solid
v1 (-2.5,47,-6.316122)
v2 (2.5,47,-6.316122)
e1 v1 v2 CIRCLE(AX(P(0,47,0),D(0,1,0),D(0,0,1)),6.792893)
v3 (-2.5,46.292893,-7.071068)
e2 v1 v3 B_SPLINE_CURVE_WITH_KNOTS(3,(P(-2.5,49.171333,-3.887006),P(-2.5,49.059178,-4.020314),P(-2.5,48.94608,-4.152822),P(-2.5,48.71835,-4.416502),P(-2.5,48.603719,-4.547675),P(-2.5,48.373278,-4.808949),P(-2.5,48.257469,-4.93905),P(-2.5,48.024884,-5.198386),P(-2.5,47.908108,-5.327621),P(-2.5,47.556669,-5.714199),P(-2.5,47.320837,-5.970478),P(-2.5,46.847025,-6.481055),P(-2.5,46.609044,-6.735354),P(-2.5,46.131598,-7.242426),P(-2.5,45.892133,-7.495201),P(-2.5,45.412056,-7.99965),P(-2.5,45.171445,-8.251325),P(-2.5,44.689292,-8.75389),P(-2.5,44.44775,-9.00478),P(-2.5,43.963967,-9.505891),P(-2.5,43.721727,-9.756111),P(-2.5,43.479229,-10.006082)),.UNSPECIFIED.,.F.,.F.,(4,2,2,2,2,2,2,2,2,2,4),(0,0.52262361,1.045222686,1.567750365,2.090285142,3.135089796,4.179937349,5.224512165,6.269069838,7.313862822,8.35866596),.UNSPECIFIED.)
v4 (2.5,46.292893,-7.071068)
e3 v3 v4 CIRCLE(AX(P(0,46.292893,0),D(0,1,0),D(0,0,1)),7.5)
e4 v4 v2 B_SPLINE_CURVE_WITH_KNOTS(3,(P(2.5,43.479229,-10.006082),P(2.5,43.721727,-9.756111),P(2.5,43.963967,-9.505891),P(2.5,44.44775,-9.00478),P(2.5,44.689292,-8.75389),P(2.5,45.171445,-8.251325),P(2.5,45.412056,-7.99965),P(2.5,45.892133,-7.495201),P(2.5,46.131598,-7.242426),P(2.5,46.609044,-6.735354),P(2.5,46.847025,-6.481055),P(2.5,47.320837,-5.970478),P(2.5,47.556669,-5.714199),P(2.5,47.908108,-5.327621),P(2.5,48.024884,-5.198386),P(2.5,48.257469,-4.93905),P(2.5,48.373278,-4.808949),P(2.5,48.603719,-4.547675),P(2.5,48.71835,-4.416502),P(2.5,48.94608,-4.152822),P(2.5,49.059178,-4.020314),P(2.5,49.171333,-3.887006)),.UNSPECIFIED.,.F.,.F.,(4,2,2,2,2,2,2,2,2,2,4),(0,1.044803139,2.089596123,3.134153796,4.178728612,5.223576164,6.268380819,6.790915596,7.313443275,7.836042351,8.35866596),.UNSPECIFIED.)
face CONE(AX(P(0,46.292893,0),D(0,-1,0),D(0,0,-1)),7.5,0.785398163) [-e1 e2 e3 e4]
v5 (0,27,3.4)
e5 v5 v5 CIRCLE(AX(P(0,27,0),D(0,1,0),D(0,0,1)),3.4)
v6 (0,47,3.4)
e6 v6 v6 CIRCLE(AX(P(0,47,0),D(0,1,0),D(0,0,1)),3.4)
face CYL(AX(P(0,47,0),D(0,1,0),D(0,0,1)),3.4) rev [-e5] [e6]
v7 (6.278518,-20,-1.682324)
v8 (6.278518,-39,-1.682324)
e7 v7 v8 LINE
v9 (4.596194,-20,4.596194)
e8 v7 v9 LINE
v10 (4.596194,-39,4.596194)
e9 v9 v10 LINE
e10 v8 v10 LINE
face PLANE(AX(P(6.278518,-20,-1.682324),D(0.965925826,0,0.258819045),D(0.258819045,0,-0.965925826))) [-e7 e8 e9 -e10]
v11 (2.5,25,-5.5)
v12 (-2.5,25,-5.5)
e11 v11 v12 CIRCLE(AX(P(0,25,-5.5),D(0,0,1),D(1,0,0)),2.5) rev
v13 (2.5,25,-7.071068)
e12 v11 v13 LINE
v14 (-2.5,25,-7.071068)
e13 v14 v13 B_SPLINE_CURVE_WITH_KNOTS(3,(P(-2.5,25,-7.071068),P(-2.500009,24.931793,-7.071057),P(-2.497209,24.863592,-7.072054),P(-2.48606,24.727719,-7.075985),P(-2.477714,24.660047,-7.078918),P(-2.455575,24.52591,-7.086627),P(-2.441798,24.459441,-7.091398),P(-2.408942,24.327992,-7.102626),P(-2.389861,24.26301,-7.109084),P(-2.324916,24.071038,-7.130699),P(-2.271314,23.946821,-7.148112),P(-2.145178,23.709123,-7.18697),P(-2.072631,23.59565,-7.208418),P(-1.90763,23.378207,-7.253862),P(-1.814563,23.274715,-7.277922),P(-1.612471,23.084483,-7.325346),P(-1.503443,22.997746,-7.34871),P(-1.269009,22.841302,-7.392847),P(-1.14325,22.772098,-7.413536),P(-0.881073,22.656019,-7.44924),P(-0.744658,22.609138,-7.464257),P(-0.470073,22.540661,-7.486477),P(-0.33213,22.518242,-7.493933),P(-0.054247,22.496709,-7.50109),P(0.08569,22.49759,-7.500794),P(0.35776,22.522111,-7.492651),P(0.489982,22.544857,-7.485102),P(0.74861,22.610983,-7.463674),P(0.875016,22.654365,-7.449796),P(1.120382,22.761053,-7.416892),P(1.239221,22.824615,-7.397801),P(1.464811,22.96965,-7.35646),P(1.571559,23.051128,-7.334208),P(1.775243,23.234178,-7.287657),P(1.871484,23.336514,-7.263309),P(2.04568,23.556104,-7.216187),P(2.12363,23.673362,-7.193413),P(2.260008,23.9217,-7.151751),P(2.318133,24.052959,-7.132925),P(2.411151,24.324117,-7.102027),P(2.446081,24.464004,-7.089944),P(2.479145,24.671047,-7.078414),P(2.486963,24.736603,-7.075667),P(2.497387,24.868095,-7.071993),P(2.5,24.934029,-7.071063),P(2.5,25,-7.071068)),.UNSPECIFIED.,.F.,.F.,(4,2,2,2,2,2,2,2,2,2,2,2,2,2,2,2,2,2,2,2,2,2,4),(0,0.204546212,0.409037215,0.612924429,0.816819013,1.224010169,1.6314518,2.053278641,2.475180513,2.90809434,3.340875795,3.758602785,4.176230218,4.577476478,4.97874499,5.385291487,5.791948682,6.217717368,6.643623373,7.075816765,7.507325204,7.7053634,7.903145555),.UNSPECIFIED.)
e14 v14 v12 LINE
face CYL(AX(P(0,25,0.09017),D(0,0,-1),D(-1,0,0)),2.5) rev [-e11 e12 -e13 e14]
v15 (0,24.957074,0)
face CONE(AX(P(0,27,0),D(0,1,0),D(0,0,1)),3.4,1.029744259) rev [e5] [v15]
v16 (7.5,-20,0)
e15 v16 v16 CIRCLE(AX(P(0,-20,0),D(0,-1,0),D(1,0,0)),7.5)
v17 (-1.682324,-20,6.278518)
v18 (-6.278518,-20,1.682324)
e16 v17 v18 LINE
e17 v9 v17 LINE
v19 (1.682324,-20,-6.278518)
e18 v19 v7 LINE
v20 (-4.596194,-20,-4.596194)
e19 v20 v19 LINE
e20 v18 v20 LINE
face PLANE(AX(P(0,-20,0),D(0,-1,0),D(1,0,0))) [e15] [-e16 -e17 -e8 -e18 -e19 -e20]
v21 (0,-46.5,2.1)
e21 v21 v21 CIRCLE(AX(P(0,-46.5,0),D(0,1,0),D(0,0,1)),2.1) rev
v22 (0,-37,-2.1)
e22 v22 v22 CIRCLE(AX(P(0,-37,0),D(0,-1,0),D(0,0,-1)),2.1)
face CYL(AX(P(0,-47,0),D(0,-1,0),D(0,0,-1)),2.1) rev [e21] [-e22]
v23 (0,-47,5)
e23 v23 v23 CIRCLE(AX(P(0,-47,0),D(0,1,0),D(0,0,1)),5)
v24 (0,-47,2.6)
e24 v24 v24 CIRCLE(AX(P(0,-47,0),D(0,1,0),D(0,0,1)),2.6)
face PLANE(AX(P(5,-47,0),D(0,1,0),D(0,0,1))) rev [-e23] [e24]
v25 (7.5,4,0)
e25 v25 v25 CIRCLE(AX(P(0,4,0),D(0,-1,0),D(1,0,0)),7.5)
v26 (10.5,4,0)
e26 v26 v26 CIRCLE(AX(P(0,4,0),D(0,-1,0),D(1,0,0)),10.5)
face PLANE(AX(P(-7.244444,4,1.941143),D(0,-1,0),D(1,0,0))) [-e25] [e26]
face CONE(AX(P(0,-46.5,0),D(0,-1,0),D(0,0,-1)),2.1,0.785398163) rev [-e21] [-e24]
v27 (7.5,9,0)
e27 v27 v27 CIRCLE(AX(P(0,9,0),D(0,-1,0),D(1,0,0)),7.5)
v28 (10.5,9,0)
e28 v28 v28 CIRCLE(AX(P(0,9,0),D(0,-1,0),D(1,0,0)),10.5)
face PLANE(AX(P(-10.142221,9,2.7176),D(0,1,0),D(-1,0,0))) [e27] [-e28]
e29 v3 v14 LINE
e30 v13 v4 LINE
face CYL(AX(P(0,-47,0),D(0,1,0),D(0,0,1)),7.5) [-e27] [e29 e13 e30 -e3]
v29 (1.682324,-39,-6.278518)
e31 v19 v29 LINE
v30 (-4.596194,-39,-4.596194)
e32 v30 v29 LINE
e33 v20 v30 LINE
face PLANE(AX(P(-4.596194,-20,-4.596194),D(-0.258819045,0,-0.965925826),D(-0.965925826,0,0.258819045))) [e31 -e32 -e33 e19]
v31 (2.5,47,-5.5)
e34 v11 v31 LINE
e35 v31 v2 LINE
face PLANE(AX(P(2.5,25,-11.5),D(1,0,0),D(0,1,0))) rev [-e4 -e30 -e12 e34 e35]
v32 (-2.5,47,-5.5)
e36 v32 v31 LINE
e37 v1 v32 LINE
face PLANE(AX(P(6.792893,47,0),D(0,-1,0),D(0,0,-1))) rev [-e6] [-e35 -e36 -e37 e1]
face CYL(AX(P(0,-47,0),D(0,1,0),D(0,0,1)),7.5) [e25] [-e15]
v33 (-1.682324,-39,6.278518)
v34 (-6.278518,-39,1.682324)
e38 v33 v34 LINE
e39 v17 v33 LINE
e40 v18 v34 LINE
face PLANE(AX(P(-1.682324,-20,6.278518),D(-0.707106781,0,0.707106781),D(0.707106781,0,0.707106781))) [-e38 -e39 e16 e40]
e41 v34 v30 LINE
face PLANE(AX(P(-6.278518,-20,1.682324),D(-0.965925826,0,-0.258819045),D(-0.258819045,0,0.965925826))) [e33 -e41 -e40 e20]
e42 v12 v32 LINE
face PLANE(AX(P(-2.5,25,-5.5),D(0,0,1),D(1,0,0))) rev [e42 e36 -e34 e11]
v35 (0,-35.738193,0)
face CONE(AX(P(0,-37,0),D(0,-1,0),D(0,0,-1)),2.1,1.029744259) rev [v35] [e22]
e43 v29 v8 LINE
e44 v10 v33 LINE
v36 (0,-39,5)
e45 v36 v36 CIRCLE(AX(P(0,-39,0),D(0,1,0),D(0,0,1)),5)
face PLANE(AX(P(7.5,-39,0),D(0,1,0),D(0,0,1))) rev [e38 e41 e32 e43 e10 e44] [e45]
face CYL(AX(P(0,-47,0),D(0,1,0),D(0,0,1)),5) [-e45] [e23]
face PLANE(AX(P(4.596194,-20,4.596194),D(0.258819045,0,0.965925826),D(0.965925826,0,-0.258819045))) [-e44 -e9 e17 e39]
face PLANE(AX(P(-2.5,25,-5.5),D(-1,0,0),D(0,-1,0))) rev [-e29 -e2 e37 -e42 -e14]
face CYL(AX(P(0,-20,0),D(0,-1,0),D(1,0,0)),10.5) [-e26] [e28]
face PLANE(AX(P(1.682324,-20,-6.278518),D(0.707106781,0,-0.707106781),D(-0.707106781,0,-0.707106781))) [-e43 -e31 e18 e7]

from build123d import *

# Parameters (mm, degrees)
ESBO_O2_W                                      = 5
ESBO_O2_H                                      = 6
CORTE_EXTRUS_O1_DEPTH                          = 22
CORTE_EXTRUS_O2_DEPTH                          = 2
ESBO_O5_R                                      = 12.651043405
CORTE_EXTRUS_O8_DEPTH                          = 19
BROCA_DE_ROSQUEAR_PARA_TARRAXA_DE_M5X0_8_D     = 4.2
BROCA_DE_ROSQUEAR_PARA_TARRAXA_DE_M5X0_8_DEPTH = 10
BROCA_DE_ROSQUEAR_PARA_TARRAXA_DE_M5X0_8_TIP   = 1.2618073
CHANFRO1_SIZE                                  = 0.5
ESBO_O10_W                                     = 3
ESBO_O10_H                                     = 5
BROCA_DE_ROSQUEAR_PARA_TARRAXA_DE_M81_D        = 6.8
BROCA_DE_ROSQUEAR_PARA_TARRAXA_DE_M81_DEPTH    = 20
BROCA_DE_ROSQUEAR_PARA_TARRAXA_DE_M81_TIP      = 2.042926105


with BuildPart() as part:
    # Esboço1 → Revolução1 (revolve)
    with BuildSketch(Plane.XY, mode=Mode.PRIVATE) as revolu_o1_sk:
        Polygon((6.792893219, 47), (4, 47), (0, 47), (0, 23), (0, -47), (5, -47), (5, -39), (7.5, -39), (7.5, -11), (7.5, 46.292893219), align=None)
    revolve(revolu_o1_sk.sketch.rotate(Axis((0, -47, 0), (0, -1, 0)), 90), axis=Axis((0, -47, 0), (0, -1, 0)))

    # Esboço2 → Corte-extrusão1 (cut)
    with BuildSketch(Plane(origin=(0, 47, 0), x_dir=(1, 0, 0), z_dir=(0, 1, 0))):
        with Locations((0, 8.5)):
            Rectangle(ESBO_O2_W, ESBO_O2_H)
    extrude(amount=-CORTE_EXTRUS_O1_DEPTH, mode=Mode.SUBTRACT)

    # Esboço3 → Corte-extrusão2 (cut)
    with BuildSketch(Plane(origin=(0, 25, -7.5), x_dir=(-1, 0, 0), z_dir=(0, 0, -1))):
        with BuildLine():
            Line((2.5, 0), (-2.5, 0))
            ThreePointArc((-2.5, 0), (0, -2.5), (2.5, 0))
        make_face()
    extrude(amount=-CORTE_EXTRUS_O2_DEPTH, mode=Mode.SUBTRACT)

    # Esboço5 → Corte-extrusão8 (cut)
    with BuildSketch(Plane.XZ.offset(39)):
        Circle(ESBO_O5_R)
        Polygon((-4.596194078, -4.596194078), (1.682323793, -6.278517871), (6.278517871, -1.682323793), (4.596194078, 4.596194078), (-1.682323793, 6.278517871), (-6.278517871, 1.682323793), align=None, mode=Mode.SUBTRACT)
    extrude(amount=-CORTE_EXTRUS_O8_DEPTH, mode=Mode.SUBTRACT)

    # Broca de rosquear para tarraxa de M5x0.81
    with Locations(Plane(origin=(0, -47, 0), x_dir=(-1, 0, 0), z_dir=(0, -1, 0))):
        with Locations((0, 0)):
            Hole(BROCA_DE_ROSQUEAR_PARA_TARRAXA_DE_M5X0_8_D / 2, depth=BROCA_DE_ROSQUEAR_PARA_TARRAXA_DE_M5X0_8_DEPTH)
            with Locations((0, 0, -(BROCA_DE_ROSQUEAR_PARA_TARRAXA_DE_M5X0_8_DEPTH + BROCA_DE_ROSQUEAR_PARA_TARRAXA_DE_M5X0_8_TIP / 2))):  # 118° drill point
                Cone(0, BROCA_DE_ROSQUEAR_PARA_TARRAXA_DE_M5X0_8_D / 2, BROCA_DE_ROSQUEAR_PARA_TARRAXA_DE_M5X0_8_TIP, mode=Mode.SUBTRACT)

    # Chanfro1
    chanfro1_edges = [part.edges().sort_by_distance(p)[0] for p in [
        (-2.1, -47, 0),
    ]]
    chamfer(chanfro1_edges, length=CHANFRO1_SIZE)

    # Esboço10 → Revolução2 (revolve)
    with BuildSketch(Plane(origin=(0, 0, 0), x_dir=(-0.965925826289067, 0, 0.2588190451025257), z_dir=(-0.2588190451025257, 0, -0.965925826289067)), mode=Mode.PRIVATE) as revolu_o2_sk:
        with Locations((9, 6.5)):
            Rectangle(ESBO_O10_W, ESBO_O10_H)
    revolve(revolu_o2_sk.sketch.rotate(Axis((0, -20, 0), (0, 1, 0)), 165), axis=Axis((0, -20, 0), (0, 1, 0)))

    # Broca de rosquear para tarraxa de M81
    with Locations(Plane(origin=(0, 47, 0), x_dir=(1, 0, 0), z_dir=(0, 1, 0))):
        with Locations((0, 0)):
            Hole(BROCA_DE_ROSQUEAR_PARA_TARRAXA_DE_M81_D / 2, depth=BROCA_DE_ROSQUEAR_PARA_TARRAXA_DE_M81_DEPTH)
            with Locations((0, 0, -(BROCA_DE_ROSQUEAR_PARA_TARRAXA_DE_M81_DEPTH + BROCA_DE_ROSQUEAR_PARA_TARRAXA_DE_M81_TIP / 2))):  # 118° drill point
                Cone(0, BROCA_DE_ROSQUEAR_PARA_TARRAXA_DE_M81_D / 2, BROCA_DE_ROSQUEAR_PARA_TARRAXA_DE_M81_TIP, mode=Mode.SUBTRACT)


solid = part.part
